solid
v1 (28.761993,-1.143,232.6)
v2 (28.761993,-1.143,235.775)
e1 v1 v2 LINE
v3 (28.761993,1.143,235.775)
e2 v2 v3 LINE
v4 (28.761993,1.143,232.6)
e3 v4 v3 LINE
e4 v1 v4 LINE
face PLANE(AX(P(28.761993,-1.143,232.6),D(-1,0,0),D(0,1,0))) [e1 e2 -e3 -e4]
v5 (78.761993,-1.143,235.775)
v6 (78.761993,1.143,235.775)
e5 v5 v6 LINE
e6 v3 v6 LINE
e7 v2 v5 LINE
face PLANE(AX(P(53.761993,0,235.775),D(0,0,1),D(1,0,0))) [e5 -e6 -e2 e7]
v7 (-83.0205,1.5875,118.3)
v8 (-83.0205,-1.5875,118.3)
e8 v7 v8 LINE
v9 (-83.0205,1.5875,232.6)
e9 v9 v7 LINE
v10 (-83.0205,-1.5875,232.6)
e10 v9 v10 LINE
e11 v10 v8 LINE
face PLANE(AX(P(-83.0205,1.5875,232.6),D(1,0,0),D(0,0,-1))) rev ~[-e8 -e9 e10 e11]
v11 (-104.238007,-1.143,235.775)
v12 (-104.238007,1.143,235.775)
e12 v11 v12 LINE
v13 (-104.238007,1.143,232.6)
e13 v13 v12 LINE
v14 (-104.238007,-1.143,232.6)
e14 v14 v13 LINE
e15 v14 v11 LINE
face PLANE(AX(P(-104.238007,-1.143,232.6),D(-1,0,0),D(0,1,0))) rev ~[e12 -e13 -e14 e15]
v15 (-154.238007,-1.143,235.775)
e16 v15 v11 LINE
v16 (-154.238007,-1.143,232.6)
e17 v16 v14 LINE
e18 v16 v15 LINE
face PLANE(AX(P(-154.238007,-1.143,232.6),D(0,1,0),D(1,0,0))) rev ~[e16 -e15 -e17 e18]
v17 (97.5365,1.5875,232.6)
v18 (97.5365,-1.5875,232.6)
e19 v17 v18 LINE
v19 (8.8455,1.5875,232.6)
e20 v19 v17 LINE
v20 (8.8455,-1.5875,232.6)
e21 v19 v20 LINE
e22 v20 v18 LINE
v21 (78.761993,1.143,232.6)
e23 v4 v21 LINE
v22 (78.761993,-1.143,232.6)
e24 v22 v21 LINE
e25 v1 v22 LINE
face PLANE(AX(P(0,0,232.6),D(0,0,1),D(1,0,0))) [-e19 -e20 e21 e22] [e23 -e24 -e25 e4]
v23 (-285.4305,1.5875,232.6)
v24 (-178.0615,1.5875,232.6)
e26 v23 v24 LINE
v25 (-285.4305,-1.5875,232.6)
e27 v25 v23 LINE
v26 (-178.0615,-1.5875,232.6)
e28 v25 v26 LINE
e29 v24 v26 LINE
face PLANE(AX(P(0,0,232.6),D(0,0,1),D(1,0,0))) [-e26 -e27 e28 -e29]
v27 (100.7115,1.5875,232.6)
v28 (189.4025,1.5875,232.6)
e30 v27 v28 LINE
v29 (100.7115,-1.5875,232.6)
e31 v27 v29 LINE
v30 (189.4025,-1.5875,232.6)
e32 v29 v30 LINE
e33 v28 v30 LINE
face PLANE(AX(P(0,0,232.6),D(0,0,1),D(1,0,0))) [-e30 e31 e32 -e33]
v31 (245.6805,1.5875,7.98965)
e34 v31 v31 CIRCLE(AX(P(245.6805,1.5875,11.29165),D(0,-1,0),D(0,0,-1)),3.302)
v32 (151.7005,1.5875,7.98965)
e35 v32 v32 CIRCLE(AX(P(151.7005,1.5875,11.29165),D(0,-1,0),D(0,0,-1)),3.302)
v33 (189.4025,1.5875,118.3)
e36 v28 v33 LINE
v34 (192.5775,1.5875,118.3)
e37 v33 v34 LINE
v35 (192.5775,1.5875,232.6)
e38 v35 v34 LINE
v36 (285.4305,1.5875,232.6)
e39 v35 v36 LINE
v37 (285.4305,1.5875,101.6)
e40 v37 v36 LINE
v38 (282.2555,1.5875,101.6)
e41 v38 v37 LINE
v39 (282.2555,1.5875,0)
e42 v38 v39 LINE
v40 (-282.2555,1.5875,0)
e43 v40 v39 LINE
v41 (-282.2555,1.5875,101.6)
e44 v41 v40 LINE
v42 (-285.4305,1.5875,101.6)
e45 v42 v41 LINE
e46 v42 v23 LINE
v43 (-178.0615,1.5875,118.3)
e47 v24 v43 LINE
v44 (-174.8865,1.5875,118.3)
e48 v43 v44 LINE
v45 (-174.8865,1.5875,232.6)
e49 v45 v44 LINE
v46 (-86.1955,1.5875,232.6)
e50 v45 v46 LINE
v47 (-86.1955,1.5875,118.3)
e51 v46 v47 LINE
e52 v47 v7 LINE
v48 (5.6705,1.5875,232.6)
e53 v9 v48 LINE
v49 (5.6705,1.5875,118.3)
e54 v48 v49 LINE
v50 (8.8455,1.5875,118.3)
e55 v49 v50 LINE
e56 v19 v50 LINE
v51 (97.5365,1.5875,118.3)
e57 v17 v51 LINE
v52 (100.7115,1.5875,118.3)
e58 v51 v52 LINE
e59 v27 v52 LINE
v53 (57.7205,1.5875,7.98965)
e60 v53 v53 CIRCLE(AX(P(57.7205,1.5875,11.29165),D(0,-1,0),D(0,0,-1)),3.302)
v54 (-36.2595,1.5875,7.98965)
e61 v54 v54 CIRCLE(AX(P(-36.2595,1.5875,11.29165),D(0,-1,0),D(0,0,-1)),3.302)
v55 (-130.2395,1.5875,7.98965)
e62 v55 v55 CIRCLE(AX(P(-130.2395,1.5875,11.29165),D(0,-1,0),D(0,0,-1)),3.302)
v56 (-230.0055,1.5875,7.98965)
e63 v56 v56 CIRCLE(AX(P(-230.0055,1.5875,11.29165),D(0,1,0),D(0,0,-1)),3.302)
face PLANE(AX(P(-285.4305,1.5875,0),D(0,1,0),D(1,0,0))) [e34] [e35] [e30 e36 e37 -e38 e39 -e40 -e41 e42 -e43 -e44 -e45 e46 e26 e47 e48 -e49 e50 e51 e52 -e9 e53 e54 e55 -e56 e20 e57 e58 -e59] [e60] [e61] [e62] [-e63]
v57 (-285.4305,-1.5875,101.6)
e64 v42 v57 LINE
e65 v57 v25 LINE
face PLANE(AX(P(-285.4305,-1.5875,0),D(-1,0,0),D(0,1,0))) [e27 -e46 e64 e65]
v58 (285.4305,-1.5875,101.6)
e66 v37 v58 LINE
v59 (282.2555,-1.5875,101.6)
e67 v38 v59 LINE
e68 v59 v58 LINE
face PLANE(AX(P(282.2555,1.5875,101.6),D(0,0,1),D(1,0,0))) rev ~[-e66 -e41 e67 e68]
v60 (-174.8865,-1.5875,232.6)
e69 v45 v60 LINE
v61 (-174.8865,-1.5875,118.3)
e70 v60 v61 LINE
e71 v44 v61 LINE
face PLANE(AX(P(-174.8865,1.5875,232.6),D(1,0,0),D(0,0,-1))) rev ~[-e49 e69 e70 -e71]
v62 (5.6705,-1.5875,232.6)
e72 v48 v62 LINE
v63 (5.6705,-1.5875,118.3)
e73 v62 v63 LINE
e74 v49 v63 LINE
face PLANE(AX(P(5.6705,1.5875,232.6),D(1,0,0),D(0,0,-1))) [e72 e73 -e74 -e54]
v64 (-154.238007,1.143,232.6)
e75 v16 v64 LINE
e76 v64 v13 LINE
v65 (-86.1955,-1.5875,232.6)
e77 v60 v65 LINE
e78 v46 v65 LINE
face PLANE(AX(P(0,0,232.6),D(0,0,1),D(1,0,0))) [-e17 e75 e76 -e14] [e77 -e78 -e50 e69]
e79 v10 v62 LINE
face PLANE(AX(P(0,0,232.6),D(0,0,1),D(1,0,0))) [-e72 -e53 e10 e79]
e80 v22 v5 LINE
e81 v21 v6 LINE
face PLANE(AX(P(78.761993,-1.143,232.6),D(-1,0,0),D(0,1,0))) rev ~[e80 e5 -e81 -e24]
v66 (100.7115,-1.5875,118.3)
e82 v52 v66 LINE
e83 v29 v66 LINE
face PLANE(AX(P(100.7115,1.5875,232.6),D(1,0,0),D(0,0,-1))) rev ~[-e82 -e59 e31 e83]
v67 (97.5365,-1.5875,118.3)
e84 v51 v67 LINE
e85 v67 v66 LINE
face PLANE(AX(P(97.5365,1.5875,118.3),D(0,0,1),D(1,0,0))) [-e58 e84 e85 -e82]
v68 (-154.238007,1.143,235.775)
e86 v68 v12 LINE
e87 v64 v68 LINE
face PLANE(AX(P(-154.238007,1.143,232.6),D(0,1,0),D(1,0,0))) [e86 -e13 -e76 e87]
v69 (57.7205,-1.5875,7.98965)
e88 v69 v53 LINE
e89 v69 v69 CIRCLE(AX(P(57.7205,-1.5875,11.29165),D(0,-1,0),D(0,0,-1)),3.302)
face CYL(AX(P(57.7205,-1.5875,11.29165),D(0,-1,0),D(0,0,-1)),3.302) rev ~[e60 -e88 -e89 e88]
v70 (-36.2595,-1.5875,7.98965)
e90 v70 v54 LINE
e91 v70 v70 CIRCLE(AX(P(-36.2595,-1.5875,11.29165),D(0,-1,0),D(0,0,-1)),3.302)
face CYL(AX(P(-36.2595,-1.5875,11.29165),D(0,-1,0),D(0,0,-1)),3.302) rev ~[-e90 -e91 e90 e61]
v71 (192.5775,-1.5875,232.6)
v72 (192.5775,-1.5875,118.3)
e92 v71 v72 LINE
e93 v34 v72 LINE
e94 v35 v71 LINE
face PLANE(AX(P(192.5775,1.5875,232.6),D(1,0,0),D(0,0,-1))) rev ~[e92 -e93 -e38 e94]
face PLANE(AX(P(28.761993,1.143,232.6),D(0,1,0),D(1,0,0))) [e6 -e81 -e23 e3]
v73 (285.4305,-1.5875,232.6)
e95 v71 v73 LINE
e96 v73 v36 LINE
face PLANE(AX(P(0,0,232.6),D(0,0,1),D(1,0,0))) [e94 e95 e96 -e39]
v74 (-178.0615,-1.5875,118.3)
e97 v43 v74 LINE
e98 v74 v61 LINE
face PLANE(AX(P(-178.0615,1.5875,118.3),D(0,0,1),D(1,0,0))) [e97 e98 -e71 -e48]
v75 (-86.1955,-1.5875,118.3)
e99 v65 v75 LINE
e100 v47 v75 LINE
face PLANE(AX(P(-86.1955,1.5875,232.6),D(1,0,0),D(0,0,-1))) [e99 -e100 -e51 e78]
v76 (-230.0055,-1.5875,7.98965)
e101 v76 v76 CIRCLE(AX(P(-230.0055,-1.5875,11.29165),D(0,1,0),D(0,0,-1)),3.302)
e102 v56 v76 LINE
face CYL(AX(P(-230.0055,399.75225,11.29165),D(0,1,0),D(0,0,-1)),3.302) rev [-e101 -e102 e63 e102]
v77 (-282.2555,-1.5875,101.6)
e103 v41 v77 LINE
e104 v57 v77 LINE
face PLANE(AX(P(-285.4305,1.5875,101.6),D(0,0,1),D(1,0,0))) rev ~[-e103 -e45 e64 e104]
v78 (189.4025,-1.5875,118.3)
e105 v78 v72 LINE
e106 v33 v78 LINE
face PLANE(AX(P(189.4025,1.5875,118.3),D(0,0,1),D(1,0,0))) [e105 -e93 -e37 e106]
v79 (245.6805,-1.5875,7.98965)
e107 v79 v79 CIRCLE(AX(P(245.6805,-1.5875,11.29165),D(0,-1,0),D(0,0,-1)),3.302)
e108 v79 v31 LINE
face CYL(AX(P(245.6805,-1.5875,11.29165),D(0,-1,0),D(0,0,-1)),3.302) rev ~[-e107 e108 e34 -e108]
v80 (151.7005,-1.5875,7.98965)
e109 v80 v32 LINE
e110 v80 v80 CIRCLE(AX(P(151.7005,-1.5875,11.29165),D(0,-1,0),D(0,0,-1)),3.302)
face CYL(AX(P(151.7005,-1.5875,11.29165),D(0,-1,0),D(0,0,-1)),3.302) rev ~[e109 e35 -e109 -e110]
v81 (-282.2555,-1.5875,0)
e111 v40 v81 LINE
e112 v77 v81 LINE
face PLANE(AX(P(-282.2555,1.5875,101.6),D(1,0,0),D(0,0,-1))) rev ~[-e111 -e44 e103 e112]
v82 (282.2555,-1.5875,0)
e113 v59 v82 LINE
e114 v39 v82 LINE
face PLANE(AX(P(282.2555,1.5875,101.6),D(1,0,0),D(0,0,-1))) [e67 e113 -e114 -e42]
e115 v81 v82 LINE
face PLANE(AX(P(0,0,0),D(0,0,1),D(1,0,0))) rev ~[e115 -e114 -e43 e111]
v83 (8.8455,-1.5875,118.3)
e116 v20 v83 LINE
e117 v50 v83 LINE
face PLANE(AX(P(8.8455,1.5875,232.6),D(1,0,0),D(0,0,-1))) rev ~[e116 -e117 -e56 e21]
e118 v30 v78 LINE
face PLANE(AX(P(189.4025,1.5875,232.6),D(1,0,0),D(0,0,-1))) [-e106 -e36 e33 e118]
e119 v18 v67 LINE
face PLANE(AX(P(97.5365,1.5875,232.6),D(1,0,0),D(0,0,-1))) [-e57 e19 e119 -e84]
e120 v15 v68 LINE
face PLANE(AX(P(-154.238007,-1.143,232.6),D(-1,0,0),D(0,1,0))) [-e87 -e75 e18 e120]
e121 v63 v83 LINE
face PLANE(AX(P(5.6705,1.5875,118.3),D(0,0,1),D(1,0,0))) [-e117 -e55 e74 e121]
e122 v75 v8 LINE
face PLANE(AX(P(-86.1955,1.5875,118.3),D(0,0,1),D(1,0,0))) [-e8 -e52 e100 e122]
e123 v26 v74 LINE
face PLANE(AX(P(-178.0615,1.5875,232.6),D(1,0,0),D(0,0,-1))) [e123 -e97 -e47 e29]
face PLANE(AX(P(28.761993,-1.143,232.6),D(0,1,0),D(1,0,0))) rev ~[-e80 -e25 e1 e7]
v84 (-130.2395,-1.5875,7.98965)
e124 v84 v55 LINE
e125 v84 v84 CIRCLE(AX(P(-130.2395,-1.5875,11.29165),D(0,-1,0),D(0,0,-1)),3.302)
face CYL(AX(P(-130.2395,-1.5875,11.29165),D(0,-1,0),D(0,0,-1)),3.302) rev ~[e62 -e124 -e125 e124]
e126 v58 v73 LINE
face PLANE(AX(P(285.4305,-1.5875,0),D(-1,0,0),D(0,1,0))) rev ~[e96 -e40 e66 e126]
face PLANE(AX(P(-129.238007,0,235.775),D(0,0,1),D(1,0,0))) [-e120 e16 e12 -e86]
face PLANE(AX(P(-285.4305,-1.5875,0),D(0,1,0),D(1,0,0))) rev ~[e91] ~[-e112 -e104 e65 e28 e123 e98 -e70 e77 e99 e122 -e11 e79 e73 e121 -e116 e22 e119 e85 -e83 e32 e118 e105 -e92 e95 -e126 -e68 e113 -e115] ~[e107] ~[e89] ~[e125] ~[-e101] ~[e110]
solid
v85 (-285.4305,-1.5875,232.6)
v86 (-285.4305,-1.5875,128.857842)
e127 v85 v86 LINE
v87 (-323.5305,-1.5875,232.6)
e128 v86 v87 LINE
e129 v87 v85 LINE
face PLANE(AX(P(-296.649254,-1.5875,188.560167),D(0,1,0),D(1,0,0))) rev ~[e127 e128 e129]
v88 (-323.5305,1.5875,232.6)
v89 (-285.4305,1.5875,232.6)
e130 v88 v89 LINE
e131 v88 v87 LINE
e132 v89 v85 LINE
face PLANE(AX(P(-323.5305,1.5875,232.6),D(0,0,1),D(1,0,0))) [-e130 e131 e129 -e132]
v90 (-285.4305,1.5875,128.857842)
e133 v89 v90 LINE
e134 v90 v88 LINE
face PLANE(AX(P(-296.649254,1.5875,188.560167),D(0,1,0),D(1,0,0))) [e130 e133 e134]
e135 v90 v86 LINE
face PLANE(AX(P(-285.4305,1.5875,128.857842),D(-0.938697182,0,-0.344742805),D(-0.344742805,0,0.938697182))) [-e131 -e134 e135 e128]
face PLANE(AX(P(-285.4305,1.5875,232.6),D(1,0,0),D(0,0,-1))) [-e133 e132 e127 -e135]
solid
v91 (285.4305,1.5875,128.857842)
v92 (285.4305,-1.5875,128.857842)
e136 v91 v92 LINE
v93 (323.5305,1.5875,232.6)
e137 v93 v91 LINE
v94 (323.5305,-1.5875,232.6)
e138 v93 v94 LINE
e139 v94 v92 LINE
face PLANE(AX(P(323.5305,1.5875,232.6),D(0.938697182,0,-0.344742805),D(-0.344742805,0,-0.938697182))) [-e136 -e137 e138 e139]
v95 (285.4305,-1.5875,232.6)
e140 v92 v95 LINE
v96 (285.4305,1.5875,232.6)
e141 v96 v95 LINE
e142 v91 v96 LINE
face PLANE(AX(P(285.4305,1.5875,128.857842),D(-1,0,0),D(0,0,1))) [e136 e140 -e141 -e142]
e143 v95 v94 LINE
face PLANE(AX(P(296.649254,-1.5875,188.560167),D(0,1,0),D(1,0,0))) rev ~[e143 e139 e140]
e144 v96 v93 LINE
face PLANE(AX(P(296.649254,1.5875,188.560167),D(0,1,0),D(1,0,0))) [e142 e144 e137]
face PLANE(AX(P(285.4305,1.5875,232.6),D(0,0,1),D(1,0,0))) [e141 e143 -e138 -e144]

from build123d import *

# Parameters (mm, degrees)
SKETCH1_W               = 570.861
SKETCH1_H               = 3.175
BOSS_EXTRUDE1_DEPTH     = 232.6
SKETCH2_W               = 3.175
SKETCH2_H               = 114.3
CUT_EXTRUDE1_DEPTH      = 3.175
SKETCH7_R               = 3.302
CUT_EXTRUDE4_DEPTH      = 369.216527271
SKETCH6_W               = 50
SKETCH6_H               = 2.286
BOSS_EXTRUDE2_DEPTH     = 3.175
LPATTERN1_COUNT         = 5
LPATTERN1_PITCH         = 93.98
BOSS_EXTRUDE4_DEPTH     = 3.175
BOSS_EXTRUDE4_2_DEPTH   = 3.175
LPATTERN2_COUNT         = 5
LPATTERN2_PITCH         = 91.86599991
SKETCH2_4_W             = 3.175
SKETCH2_4_H             = 101.6
CUT_EXTRUDE5_DEPTH      = 401.339750312
CUT_EXTRUDE8_DEPTH      = 401.339750312
CUT_EXTRUDE8_DEPTH_BACK = 401.339750312
SKETCH11_R              = 3.302


with BuildPart() as part:
    # Sketch1 → Boss-Extrude1 (new body)
    with BuildSketch(Plane.XY):
        Rectangle(SKETCH1_W, SKETCH1_H)
    extrude(amount=BOSS_EXTRUDE1_DEPTH)

    # Sketch2 → Cut-Extrude1 (cut)
    with BuildSketch(Plane(origin=(0, 1.5875, 0), x_dir=(1, 0, 0), z_dir=(0, 1, 0))):
        with Locations((-176.4739996, -175.45)):
            Rectangle(SKETCH2_W, SKETCH2_H)
    cut_extrude1 = extrude(amount=-CUT_EXTRUDE1_DEPTH, mode=Mode.SUBTRACT)

    # Sketch7 → Cut-Extrude4 (cut, through all)
    with BuildSketch(Plane(origin=(0, -1.5875, 0), x_dir=(-1, 0, 0), z_dir=(0, -1, 0))):
        with Locations((-245.6805, -11.29165)):
            Circle(SKETCH7_R)
    cut_extrude4 = extrude(amount=-CUT_EXTRUDE4_DEPTH, mode=Mode.SUBTRACT)

    # Sketch6 → Boss-Extrude2 (add)
    with BuildSketch(Plane.XY.offset(232.6)):
        with Locations((53.761993, 0)):
            Rectangle(SKETCH6_W, SKETCH6_H)
        with Locations((-129.238007, 0)):
            Rectangle(SKETCH6_W, SKETCH6_H)
    extrude(amount=BOSS_EXTRUDE2_DEPTH)

    # LPattern1: Cut-Extrude4 ×5
    with Locations(*[(-i * LPATTERN1_PITCH, 0, 0) for i in range(1, LPATTERN1_COUNT)]):
        add(cut_extrude4, mode=Mode.SUBTRACT)

    # LPattern2: Cut-Extrude1 ×5
    with Locations(*[(i * LPATTERN2_PITCH, 0, 0) for i in range(1, LPATTERN2_COUNT)]):
        add(cut_extrude1, mode=Mode.SUBTRACT)

    # Sketch2<4> → Cut-Extrude5 (cut, through all)
    with BuildSketch(Plane(origin=(0, 1.5875, 0), x_dir=(1, 0, 0), z_dir=(0, 1, 0))):
        with Locations((283.843, -50.8)):
            Rectangle(SKETCH2_4_W, SKETCH2_4_H)
        with Locations((-283.843, -50.8)):
            Rectangle(SKETCH2_4_W, SKETCH2_4_H)
    extrude(amount=-CUT_EXTRUDE5_DEPTH, mode=Mode.SUBTRACT)

    # Sketch11 → Cut-Extrude8 (cut, two sides: drawn at the far end of the back side and taken through both)
    with BuildSketch(Plane.XZ.offset(1.5875).offset(-CUT_EXTRUDE8_DEPTH_BACK)):
        with Locations((-230.0055, 11.29165)):
            Circle(SKETCH11_R)
    extrude(amount=CUT_EXTRUDE8_DEPTH + CUT_EXTRUDE8_DEPTH_BACK, mode=Mode.SUBTRACT)


with BuildPart() as body_2:
    # Sketch2<3> → Boss-Extrude4 (new body)
    with BuildSketch(Plane(origin=(0, 1.5875, 0), x_dir=(1, 0, 0), z_dir=(0, 1, 0))):
        Polygon((-323.5305, -232.6), (-285.4305, -232.6), (-285.4305, -128.857841698), align=None)
    extrude(amount=-BOSS_EXTRUDE4_DEPTH)


with BuildPart() as body_3:
    # Sketch2<3> → Boss-Extrude4 2 (new body)
    with BuildSketch(Plane(origin=(0, 1.5875, 0), x_dir=(1, 0, 0), z_dir=(0, 1, 0))):
        Polygon((285.4305, -128.857841698), (285.4305, -232.6), (323.5305, -232.6), align=None)
    extrude(amount=-BOSS_EXTRUDE4_2_DEPTH)


solid = Compound([part.part, body_2.part, body_3.part])
